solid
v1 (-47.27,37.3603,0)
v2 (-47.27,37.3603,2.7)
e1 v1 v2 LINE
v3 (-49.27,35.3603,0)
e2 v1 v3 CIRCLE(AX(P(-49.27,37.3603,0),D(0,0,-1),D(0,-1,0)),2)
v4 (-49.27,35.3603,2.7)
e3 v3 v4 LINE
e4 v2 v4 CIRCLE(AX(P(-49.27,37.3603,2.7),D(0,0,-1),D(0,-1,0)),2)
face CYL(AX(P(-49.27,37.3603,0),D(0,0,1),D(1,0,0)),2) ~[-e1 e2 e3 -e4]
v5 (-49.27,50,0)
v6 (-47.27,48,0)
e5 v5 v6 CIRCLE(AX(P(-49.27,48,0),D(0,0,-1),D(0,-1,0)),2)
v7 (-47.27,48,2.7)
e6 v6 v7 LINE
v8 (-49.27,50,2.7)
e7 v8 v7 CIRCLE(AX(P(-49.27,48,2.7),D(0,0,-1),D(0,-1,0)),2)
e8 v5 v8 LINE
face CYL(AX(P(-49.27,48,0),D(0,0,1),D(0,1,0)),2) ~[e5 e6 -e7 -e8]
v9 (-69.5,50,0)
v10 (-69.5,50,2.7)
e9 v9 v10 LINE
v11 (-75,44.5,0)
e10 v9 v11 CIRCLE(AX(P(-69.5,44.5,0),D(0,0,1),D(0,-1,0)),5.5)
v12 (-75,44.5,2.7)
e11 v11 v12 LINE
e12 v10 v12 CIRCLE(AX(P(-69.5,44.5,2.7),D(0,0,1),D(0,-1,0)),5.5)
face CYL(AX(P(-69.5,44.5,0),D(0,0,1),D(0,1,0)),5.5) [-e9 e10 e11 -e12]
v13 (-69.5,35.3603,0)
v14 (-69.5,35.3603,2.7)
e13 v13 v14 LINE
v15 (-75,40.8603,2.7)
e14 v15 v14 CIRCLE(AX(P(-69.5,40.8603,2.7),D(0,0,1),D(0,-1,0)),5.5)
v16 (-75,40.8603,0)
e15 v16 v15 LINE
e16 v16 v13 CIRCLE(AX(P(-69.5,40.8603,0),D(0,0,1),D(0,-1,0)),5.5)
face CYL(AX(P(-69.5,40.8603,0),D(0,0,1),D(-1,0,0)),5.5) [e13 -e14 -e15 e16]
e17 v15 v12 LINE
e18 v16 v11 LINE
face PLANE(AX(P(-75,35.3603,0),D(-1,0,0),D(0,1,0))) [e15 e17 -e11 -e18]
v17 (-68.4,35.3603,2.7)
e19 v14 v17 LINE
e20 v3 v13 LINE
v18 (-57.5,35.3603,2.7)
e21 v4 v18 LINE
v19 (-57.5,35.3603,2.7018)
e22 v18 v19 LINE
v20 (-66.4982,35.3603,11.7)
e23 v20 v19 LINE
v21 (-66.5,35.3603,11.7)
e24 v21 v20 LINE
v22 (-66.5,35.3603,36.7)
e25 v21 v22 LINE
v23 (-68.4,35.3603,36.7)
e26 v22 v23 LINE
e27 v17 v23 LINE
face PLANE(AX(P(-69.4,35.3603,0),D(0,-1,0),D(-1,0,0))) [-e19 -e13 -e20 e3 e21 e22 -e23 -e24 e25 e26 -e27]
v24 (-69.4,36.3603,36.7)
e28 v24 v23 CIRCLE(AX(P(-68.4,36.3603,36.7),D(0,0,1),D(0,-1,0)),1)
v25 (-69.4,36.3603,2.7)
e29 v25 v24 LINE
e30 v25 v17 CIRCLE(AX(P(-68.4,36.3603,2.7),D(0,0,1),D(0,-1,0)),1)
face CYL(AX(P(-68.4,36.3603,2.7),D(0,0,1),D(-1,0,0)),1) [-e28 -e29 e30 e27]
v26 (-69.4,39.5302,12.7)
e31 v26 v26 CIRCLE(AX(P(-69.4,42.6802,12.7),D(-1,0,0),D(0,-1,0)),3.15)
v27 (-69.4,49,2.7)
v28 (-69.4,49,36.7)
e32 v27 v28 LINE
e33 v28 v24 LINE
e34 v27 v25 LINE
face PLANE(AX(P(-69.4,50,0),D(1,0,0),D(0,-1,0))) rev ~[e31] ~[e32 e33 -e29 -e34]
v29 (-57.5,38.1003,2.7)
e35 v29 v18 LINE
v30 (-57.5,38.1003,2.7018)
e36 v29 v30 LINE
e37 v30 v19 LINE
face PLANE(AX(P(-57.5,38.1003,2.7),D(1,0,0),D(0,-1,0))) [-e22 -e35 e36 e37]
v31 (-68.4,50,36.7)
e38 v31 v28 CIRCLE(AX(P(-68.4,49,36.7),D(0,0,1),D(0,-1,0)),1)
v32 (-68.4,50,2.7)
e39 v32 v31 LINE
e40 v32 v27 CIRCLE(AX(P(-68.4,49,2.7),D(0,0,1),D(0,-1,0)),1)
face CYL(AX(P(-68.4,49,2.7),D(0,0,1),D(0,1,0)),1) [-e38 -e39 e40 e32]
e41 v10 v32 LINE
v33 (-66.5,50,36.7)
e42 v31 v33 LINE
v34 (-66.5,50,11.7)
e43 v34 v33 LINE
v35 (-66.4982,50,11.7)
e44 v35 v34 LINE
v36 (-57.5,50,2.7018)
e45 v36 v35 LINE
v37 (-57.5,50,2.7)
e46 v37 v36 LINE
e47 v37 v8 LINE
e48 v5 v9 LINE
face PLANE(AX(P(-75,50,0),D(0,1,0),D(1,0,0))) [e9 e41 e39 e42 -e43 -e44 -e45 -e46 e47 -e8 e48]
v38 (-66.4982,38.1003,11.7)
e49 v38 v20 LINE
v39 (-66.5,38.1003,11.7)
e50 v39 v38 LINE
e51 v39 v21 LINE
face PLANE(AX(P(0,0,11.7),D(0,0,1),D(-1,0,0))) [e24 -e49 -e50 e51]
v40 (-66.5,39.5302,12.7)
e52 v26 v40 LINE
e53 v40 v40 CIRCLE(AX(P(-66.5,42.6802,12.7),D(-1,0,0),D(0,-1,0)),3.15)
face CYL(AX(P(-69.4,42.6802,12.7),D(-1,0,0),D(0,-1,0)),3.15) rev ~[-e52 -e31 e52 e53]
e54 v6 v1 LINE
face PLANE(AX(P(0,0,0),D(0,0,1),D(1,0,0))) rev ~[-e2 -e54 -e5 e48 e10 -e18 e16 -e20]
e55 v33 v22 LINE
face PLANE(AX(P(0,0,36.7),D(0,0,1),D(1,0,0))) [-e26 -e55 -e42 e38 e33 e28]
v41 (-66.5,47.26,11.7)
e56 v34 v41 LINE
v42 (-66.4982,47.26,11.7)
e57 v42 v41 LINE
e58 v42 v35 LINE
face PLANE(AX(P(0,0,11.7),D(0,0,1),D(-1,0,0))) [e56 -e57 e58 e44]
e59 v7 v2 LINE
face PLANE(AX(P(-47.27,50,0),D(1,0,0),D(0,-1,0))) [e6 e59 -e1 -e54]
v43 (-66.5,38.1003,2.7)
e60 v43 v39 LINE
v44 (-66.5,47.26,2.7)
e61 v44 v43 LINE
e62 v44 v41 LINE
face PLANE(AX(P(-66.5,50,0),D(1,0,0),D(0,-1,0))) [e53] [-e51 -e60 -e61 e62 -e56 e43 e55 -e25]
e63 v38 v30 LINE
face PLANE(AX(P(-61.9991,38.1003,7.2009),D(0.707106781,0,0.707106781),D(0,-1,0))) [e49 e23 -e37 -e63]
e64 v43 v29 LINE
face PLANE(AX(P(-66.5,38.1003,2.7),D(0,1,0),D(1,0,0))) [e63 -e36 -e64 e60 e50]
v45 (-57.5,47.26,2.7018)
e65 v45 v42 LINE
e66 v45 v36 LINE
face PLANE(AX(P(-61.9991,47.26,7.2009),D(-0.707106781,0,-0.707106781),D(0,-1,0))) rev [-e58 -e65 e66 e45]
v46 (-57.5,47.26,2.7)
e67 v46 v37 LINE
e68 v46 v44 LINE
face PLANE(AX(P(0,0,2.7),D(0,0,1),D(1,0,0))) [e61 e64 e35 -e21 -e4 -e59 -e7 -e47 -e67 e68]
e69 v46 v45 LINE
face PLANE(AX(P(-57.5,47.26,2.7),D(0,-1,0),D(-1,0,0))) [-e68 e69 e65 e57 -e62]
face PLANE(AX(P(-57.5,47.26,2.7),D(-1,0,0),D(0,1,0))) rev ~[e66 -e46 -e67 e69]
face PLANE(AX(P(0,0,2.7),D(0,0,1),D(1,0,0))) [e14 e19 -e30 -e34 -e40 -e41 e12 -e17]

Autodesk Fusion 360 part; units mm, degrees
sketch "Skizze1" plane through (0, 0, 0) normal (0, 0, 1) x (1, 0, 0)
  line L0 (-75, 50) -> (-47.27, 50)
  line L1 (-47.27, 50) -> (-47.27, 35.3603)
  line L2 (-47.27, 35.3603) -> (-75, 35.3603)
  line L3 (-75, 35.3603) -> (-75, 50)
  line L4 (-69.4, 50) -> (-69.4, 35.3603)
  line L5 (-66.5, 50) -> (-66.5, 35.3603)
  dimension "d1" = 27.73
  dimension "d2" = 5.6
  dimension "d3" = 2.9
extrude "Extrusion1" add sketch "Skizze1" along normal blind 2.7 contours L0 L2 L3 L4 | L0 L1 L2 L5 makes body 1 at (-73.1333, 45.1201, 0) makes body 2 at (-60.09, 45.1201, 0)
extrude "Extrusion2" add sketch "Skizze1" along normal blind 36.7 contours L0 L2 L4 L5 bodies 1 2
sketch "Skizze2" plane through (-69.4, 0, 0) normal (-1, 0, 0) x (0, -1, 0)
  line L0 (-50, 2.7) -> (-35.3603, 2.7)
  line L1 (-35.3603, 2.7) -> (-35.3603, 36.7)
  line L2 (-35.3603, 36.7) -> (-50, 36.7)
  line L3 (-50, 36.7) -> (-50, 2.7)
  line L4 (-42.6802, 2.7) -> (-42.6802, 36.7) construction
  line L5 (-50, 12.7) -> (-35.3603, 12.7) construction
  line L6 (-50, 2.7) -> (-35.3603, 2.7) construction
  circle A0 centre (-42.6802, 12.7) radius 3.15
  dimension "d8" = 10
  dimension "d9" = 6.3
extrude "Extrusion3" cut sketch "Skizze2" against normal blind 3 contours A0 bodies 1
fillet "Abrundung1" radius 5.5 2 edges at (-75, 50, 1.35) (-75, 35.3603, 1.35) on bodies 1
sketch "Skizze3" plane through (0, 0, 2.7) normal (0, 0, 1) x (-1, 0, 0)
  line L0 (47.27, -50) -> (66.5, -50)
  line L1 (66.5, -50) -> (66.5, -35.3603)
  line L2 (66.5, -35.3603) -> (47.27, -35.3603)
  line L3 (47.27, -35.3603) -> (47.27, -50)
  line L4 (66.5, -38.1003) -> (47.27, -38.1003)
  line L5 (47.27, -47.26) -> (66.5, -47.26)
  line L6 (57.5, -38.1003) -> (57.5, -35.3603)
  line L7 (57.5, -47.26) -> (57.5, -50)
  dimension "d14" = 2.74
  dimension "d15" = 2.74
  dimension "d16" = 9
  dimension "d17" = 9
extrude "Extrusion4" add sketch "Skizze3" along normal blind 9 contours L0 L1 L5 L7 | L1 L2 L4 L6 bodies 1
chamfer "Fase2" distance 9 angle 45 2 edges at (-57.5, 36.7303, 11.7) (-57.5, 48.63, 11.7) on bodies 1
fillet "Abrundung2" radius 1 2 edges at (-69.4, 50, 19.7) (-69.4, 35.3603, 19.7) on bodies 1
fillet "Abrundung3" radius 2 2 edges at (-47.27, 50, 1.35) (-47.27, 35.3603, 1.35) on bodies 1
equation "d1 = 20 mm + 7.73 mm"
equation "d6 = 34 mm + 2.7 mm"
equation "d18 = 15 mm - 2.7 mm - 3.3 mm"
